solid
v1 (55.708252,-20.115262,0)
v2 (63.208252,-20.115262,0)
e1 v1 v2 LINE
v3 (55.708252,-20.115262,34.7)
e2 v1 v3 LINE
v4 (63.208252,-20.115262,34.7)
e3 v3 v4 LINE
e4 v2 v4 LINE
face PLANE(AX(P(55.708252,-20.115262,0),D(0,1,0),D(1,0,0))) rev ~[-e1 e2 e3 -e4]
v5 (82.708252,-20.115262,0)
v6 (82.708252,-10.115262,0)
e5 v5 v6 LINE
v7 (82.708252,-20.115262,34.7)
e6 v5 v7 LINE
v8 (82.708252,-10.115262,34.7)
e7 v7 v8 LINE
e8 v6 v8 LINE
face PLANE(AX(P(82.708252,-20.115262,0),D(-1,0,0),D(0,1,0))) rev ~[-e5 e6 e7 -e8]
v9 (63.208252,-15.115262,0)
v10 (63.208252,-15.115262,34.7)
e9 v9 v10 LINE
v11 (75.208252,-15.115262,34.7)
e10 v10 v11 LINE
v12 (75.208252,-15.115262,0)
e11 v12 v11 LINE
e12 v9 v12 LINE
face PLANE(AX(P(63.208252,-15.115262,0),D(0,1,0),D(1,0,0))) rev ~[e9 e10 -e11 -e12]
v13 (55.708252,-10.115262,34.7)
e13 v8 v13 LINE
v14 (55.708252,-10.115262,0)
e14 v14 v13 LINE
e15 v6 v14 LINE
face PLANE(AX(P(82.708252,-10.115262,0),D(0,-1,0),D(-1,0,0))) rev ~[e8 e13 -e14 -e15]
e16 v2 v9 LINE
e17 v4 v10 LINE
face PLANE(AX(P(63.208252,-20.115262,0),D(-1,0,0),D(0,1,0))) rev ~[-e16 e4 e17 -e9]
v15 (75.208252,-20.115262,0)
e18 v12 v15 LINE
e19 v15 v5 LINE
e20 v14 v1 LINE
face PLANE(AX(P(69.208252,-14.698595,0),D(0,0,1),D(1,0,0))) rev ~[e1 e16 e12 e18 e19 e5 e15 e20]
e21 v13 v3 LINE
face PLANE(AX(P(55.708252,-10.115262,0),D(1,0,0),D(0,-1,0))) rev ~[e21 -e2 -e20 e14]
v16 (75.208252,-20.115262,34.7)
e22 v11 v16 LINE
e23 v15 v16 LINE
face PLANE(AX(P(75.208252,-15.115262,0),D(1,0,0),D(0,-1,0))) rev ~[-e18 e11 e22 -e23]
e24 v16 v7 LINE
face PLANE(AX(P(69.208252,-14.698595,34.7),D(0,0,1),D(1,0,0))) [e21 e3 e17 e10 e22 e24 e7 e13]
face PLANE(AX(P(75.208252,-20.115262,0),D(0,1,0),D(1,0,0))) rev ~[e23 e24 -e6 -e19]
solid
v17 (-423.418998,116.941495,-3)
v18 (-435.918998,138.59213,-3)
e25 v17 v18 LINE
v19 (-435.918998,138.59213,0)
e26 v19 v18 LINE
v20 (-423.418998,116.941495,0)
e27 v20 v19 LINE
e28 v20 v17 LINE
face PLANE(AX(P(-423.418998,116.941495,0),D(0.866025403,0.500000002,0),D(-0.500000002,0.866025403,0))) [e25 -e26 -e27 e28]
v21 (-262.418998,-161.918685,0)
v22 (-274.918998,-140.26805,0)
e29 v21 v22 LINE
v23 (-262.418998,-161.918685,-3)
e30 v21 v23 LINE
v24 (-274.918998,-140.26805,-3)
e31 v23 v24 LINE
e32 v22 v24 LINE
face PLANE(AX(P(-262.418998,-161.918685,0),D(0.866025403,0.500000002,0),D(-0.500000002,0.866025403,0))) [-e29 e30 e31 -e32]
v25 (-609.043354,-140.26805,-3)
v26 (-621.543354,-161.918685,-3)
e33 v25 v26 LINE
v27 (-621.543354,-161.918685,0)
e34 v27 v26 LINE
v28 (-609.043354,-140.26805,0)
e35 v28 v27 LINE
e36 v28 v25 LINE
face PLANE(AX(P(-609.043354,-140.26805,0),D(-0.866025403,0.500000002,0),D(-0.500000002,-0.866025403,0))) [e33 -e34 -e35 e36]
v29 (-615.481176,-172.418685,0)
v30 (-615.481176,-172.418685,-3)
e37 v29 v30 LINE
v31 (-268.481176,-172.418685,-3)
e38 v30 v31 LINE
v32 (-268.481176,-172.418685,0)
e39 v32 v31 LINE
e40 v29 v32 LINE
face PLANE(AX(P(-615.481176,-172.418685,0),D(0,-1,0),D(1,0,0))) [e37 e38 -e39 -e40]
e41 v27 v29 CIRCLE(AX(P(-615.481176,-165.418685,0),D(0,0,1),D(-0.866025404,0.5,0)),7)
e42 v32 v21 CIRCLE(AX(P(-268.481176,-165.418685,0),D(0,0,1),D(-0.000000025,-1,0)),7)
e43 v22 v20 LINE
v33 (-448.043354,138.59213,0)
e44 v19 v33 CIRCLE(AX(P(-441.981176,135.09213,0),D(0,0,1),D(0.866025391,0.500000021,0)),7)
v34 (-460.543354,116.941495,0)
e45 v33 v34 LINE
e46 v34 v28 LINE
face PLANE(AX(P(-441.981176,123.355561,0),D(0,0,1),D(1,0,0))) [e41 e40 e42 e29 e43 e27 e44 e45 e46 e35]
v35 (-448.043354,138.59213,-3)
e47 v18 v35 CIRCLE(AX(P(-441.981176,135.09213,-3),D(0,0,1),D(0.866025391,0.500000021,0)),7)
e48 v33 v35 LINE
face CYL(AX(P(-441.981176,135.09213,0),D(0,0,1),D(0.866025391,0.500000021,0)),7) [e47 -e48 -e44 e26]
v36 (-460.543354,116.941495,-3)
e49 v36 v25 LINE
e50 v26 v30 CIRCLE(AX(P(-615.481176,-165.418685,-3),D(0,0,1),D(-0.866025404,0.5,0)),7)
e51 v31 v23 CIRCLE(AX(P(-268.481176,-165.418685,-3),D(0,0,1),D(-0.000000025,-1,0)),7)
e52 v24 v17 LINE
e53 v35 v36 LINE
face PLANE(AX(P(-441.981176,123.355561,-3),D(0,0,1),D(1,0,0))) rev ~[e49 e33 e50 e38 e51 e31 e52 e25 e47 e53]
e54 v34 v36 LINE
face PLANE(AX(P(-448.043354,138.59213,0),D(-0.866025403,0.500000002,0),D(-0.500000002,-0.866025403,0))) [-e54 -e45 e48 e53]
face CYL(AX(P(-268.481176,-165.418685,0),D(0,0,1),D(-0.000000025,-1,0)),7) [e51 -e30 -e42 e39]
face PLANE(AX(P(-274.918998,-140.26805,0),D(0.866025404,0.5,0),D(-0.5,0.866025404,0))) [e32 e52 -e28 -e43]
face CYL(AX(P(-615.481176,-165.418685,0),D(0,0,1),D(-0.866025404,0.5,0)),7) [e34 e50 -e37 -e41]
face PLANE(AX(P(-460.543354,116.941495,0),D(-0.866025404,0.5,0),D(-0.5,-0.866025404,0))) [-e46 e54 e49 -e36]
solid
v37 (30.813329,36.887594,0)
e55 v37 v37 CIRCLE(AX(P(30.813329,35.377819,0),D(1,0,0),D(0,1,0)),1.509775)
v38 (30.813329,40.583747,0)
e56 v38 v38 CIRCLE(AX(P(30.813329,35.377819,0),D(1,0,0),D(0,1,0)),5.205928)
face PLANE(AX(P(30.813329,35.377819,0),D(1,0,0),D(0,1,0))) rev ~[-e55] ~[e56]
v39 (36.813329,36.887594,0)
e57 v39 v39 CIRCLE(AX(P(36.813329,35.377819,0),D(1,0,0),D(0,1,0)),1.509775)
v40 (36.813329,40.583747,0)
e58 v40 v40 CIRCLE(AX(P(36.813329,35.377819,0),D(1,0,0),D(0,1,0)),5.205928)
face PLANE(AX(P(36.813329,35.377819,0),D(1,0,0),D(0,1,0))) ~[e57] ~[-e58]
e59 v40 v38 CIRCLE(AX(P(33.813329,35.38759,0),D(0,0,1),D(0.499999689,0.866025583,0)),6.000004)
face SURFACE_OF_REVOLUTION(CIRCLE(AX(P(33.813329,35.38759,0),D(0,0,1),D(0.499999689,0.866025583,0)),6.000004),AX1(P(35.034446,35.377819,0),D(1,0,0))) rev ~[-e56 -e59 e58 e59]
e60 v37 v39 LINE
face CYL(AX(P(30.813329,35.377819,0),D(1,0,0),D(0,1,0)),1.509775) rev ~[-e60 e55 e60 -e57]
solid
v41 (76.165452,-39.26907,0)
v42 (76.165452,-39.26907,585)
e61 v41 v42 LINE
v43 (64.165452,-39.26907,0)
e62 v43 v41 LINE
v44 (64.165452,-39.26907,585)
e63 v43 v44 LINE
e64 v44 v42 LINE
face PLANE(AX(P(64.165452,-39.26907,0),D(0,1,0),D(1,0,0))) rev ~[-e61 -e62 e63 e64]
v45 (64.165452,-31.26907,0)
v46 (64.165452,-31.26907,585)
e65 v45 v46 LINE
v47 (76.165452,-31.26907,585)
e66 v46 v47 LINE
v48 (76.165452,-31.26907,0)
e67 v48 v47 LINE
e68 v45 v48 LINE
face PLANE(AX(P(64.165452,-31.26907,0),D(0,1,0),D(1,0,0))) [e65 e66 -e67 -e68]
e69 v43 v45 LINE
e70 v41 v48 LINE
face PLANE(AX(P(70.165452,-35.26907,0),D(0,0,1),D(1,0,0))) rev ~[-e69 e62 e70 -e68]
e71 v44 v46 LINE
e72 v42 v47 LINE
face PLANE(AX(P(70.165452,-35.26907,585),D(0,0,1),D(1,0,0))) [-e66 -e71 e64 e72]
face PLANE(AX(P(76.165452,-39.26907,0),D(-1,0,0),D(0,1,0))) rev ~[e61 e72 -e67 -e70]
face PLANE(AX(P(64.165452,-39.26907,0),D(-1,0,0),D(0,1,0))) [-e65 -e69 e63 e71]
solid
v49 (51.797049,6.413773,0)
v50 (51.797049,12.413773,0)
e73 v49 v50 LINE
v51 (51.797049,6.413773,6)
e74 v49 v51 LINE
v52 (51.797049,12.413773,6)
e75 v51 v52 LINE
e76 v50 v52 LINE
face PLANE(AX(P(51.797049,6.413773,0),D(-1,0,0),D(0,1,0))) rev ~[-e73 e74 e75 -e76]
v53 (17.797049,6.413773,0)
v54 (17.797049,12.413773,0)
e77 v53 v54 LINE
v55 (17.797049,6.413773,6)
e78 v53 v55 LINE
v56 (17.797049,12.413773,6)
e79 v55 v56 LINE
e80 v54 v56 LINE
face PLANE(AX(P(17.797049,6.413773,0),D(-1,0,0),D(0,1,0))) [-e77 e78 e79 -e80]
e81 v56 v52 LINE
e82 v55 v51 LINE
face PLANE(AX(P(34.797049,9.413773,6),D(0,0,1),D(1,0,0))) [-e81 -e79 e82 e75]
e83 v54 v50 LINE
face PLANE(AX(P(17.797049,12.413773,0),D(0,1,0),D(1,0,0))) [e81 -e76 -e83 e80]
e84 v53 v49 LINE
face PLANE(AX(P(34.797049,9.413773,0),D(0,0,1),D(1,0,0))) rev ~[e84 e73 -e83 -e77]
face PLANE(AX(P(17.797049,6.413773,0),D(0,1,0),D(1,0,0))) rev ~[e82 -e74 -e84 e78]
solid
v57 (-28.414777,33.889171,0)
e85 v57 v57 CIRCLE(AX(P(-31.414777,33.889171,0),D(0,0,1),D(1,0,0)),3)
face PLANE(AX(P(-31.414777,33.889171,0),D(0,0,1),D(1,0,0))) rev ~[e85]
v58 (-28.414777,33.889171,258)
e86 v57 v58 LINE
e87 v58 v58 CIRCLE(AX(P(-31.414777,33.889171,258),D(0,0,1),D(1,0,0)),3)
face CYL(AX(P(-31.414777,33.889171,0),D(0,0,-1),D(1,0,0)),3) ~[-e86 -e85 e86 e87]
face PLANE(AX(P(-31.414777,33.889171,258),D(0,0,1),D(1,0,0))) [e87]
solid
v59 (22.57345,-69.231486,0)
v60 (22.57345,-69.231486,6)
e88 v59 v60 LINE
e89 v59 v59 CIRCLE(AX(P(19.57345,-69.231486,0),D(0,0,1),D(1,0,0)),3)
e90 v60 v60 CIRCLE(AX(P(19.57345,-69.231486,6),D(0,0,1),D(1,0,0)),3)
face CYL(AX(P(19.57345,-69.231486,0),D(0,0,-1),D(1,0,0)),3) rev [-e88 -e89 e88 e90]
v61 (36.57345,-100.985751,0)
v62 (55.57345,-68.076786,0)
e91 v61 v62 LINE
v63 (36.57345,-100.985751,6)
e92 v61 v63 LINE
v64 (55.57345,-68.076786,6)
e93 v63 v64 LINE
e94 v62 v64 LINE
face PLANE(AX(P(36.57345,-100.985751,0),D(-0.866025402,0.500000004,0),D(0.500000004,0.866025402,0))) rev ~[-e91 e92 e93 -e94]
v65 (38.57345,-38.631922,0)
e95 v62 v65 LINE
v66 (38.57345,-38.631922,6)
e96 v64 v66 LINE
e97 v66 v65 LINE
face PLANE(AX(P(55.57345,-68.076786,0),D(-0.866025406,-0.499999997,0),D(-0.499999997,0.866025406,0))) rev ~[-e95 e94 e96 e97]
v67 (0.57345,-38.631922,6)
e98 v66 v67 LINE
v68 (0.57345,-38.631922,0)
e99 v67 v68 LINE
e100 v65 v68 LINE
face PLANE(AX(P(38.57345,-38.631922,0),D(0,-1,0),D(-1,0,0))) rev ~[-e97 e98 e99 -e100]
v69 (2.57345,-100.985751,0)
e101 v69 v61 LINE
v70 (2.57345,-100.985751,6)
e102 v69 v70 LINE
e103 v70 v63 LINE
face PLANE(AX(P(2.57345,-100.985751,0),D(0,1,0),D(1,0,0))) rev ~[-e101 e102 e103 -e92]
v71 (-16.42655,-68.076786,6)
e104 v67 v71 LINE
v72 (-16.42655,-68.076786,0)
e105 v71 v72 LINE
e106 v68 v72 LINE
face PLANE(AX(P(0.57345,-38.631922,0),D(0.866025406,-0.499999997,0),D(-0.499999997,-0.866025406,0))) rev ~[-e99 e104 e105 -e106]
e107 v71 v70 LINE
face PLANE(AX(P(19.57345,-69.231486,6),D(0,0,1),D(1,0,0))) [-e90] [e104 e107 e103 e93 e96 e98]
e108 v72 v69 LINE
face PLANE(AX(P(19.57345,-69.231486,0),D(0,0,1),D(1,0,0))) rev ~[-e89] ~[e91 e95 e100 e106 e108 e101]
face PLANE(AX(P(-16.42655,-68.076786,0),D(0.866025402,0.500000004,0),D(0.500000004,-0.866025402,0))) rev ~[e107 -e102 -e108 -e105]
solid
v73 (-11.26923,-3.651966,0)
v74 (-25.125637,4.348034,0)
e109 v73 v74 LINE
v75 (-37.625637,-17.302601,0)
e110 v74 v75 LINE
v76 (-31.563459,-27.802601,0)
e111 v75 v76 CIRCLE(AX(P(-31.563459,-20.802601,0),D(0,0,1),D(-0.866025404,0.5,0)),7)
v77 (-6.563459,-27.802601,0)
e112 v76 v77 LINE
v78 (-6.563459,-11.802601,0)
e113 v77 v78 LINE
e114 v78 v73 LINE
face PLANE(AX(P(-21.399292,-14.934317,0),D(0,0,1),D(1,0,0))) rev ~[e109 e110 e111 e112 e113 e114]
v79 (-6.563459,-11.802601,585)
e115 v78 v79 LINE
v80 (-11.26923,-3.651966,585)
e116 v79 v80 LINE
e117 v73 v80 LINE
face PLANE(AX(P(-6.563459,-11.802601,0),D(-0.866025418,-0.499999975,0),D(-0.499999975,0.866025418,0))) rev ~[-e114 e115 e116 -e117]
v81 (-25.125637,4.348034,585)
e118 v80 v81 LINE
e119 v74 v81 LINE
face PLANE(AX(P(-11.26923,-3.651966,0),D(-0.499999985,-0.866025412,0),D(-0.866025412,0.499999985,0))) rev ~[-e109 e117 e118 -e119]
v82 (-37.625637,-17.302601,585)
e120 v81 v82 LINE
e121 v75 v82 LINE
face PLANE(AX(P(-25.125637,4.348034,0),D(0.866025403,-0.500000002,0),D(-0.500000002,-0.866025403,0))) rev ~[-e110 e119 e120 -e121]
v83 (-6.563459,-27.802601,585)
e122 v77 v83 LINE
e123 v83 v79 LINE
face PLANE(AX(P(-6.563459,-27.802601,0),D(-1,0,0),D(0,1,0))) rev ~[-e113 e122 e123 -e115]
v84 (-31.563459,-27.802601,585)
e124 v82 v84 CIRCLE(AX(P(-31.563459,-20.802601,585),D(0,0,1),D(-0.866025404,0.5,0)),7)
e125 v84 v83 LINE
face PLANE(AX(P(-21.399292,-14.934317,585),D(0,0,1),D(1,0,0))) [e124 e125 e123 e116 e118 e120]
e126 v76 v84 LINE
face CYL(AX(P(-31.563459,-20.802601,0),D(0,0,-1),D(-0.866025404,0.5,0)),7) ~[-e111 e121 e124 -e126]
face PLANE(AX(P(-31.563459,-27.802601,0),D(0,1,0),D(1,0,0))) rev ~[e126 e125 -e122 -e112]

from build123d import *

# Parameters (mm, degrees)
F1_DEPTH  = 585
F2_W      = 12
F2_H      = 8
F3_DEPTH  = 585
F5_DEPTH  = 34.7
F8_R      = 3
F9_DEPTH  = 258
F10_W     = 34
F10_H     = 6
F11_DEPTH = 6
F12_R     = 3
F13_DEPTH = 6
F15_DEPTH = 3
F16_DEPTH = 1


with BuildPart() as f1:
    # F0 (on Top) → F1 (new body)
    with BuildSketch(Plane.XY):
        with BuildLine():
            ThreePointArc((-37.625637, -17.302601), (-37.625637, -24.302601), (-31.563459, -27.802601))
            Line((-31.563459, -27.802601), (-6.563459, -27.802601))
            Line((-6.563459, -27.802601), (-6.563459, -11.802601))
            Line((-6.563459, -11.802601), (-11.26923, -3.651966))
            Line((-11.26923, -3.651966), (-25.125637, 4.348034))
            Line((-25.125637, 4.348034), (-37.625637, -17.302601))
        make_face()
    extrude(amount=F1_DEPTH)


with BuildPart() as f3:
    # F2 (on Top) → F3 (new body)
    with BuildSketch(Plane.XY):
        with Locations((70.165452, -35.26907)):
            Rectangle(F2_W, F2_H)
    extrude(amount=F3_DEPTH)


with BuildPart() as f5:
    # F4 (on Top) → F5 (new body)
    with BuildSketch(Plane.XY):
        Polygon((82.708252, -10.115262), (55.708252, -10.115262), (55.708252, -20.115262), (63.208252, -20.115262), (63.208252, -15.115262), (75.208252, -15.115262), (75.208252, -20.115262), (82.708252, -20.115262), align=None)
    extrude(amount=F5_DEPTH)


with BuildPart() as f7:
    # F6 (on Top) → F7 (revolve)
    with BuildSketch(Plane.XY):
        with BuildLine():
            Line((36.813329, 36.887594), (36.813329, 40.583747))
            ThreePointArc((36.813329, 40.583747), (33.813329, 41.387594), (30.813329, 40.583747))
            Line((30.813329, 40.583747), (30.813329, 36.887594))
            Line((30.813329, 36.887594), (36.813329, 36.887594))
        make_face()
    revolve(axis=Axis((35.034446, 35.377819, 0), (1, 0, 0)))


with BuildPart() as f9:
    # F8 (on Top) → F9 (new body)
    with BuildSketch(Plane.XY):
        with Locations((-31.414777, 33.889171)):
            Circle(F8_R)
    extrude(amount=F9_DEPTH)


with BuildPart() as f11:
    # F10 (on Top) → F11 (new body)
    with BuildSketch(Plane.XY):
        with Locations((34.797049, 9.413773)):
            Rectangle(F10_W, F10_H)
    extrude(amount=F11_DEPTH)


with BuildPart() as f13:
    # F12 (on Top) → F13 (new body)
    with BuildSketch(Plane.XY):
        Polygon((-16.42655, -68.076786), (2.57345, -100.985751), (36.57345, -100.985751), (55.57345, -68.076786), (38.57345, -38.631922), (0.57345, -38.631922), align=None)
        with Locations((19.57345, -69.231486)):
            Circle(F12_R, mode=Mode.SUBTRACT)
    extrude(amount=F13_DEPTH)

    # F12 (on Top) → F16 (join)
    with BuildSketch(Plane.XY):
        Polygon((-16.42655, -68.076786), (2.57345, -100.985751), (36.57345, -100.985751), (55.57345, -68.076786), (38.57345, -38.631922), (0.57345, -38.631922), align=None)
        with Locations((19.57345, -69.231486)):
            Circle(F12_R, mode=Mode.SUBTRACT)
    extrude(amount=F16_DEPTH)


with BuildPart() as f15:
    # F14 (on Top) → F15 (new body)
    with BuildSketch(Plane.XY):
        with BuildLine():
            ThreePointArc((-435.918998, 138.59213), (-441.981176, 142.09213), (-448.043354, 138.59213))
            Line((-448.043354, 138.59213), (-460.543354, 116.941495))
            Line((-460.543354, 116.941495), (-446.686948, 108.941495))
            Line((-446.686948, 108.941495), (-437.275405, 108.941495))
            Line((-437.275405, 108.941495), (-423.418998, 116.941495))
            Line((-423.418998, 116.941495), (-435.918998, 138.59213))
        make_face()
        Polygon((-446.686948, 108.941495), (-460.543354, 116.941495), (-609.043354, -140.26805), (-595.186948, -148.26805), (-590.481176, -156.418685), (-590.481176, -172.418685), (-293.481176, -172.418685), (-293.481176, -156.418685), (-288.775405, -148.26805), (-274.918998, -140.26805), (-423.418998, 116.941495), (-437.275405, 108.941495), align=None)
        with BuildLine():
            Line((-595.186948, -148.26805), (-609.043354, -140.26805))
            Line((-609.043354, -140.26805), (-621.543354, -161.918685))
            ThreePointArc((-621.543354, -161.918685), (-621.543354, -168.918685), (-615.481176, -172.418685))
            Line((-615.481176, -172.418685), (-590.481176, -172.418685))
            Line((-590.481176, -172.418685), (-590.481176, -156.418685))
            Line((-590.481176, -156.418685), (-595.186948, -148.26805))
        make_face()
        with BuildLine():
            Line((-262.418998, -161.918685), (-274.918998, -140.26805))
            Line((-274.918998, -140.26805), (-288.775405, -148.26805))
            Line((-288.775405, -148.26805), (-293.481176, -156.418685))
            Line((-293.481176, -156.418685), (-293.481176, -172.418685))
            Line((-293.481176, -172.418685), (-268.481176, -172.418685))
            ThreePointArc((-268.481176, -172.418685), (-262.418998, -168.918685), (-262.418998, -161.918685))
        make_face()
    extrude(amount=-F15_DEPTH)


solid = Compound([f1.part, f3.part, f5.part, f7.part, f9.part, f11.part, f13.part, f15.part])
